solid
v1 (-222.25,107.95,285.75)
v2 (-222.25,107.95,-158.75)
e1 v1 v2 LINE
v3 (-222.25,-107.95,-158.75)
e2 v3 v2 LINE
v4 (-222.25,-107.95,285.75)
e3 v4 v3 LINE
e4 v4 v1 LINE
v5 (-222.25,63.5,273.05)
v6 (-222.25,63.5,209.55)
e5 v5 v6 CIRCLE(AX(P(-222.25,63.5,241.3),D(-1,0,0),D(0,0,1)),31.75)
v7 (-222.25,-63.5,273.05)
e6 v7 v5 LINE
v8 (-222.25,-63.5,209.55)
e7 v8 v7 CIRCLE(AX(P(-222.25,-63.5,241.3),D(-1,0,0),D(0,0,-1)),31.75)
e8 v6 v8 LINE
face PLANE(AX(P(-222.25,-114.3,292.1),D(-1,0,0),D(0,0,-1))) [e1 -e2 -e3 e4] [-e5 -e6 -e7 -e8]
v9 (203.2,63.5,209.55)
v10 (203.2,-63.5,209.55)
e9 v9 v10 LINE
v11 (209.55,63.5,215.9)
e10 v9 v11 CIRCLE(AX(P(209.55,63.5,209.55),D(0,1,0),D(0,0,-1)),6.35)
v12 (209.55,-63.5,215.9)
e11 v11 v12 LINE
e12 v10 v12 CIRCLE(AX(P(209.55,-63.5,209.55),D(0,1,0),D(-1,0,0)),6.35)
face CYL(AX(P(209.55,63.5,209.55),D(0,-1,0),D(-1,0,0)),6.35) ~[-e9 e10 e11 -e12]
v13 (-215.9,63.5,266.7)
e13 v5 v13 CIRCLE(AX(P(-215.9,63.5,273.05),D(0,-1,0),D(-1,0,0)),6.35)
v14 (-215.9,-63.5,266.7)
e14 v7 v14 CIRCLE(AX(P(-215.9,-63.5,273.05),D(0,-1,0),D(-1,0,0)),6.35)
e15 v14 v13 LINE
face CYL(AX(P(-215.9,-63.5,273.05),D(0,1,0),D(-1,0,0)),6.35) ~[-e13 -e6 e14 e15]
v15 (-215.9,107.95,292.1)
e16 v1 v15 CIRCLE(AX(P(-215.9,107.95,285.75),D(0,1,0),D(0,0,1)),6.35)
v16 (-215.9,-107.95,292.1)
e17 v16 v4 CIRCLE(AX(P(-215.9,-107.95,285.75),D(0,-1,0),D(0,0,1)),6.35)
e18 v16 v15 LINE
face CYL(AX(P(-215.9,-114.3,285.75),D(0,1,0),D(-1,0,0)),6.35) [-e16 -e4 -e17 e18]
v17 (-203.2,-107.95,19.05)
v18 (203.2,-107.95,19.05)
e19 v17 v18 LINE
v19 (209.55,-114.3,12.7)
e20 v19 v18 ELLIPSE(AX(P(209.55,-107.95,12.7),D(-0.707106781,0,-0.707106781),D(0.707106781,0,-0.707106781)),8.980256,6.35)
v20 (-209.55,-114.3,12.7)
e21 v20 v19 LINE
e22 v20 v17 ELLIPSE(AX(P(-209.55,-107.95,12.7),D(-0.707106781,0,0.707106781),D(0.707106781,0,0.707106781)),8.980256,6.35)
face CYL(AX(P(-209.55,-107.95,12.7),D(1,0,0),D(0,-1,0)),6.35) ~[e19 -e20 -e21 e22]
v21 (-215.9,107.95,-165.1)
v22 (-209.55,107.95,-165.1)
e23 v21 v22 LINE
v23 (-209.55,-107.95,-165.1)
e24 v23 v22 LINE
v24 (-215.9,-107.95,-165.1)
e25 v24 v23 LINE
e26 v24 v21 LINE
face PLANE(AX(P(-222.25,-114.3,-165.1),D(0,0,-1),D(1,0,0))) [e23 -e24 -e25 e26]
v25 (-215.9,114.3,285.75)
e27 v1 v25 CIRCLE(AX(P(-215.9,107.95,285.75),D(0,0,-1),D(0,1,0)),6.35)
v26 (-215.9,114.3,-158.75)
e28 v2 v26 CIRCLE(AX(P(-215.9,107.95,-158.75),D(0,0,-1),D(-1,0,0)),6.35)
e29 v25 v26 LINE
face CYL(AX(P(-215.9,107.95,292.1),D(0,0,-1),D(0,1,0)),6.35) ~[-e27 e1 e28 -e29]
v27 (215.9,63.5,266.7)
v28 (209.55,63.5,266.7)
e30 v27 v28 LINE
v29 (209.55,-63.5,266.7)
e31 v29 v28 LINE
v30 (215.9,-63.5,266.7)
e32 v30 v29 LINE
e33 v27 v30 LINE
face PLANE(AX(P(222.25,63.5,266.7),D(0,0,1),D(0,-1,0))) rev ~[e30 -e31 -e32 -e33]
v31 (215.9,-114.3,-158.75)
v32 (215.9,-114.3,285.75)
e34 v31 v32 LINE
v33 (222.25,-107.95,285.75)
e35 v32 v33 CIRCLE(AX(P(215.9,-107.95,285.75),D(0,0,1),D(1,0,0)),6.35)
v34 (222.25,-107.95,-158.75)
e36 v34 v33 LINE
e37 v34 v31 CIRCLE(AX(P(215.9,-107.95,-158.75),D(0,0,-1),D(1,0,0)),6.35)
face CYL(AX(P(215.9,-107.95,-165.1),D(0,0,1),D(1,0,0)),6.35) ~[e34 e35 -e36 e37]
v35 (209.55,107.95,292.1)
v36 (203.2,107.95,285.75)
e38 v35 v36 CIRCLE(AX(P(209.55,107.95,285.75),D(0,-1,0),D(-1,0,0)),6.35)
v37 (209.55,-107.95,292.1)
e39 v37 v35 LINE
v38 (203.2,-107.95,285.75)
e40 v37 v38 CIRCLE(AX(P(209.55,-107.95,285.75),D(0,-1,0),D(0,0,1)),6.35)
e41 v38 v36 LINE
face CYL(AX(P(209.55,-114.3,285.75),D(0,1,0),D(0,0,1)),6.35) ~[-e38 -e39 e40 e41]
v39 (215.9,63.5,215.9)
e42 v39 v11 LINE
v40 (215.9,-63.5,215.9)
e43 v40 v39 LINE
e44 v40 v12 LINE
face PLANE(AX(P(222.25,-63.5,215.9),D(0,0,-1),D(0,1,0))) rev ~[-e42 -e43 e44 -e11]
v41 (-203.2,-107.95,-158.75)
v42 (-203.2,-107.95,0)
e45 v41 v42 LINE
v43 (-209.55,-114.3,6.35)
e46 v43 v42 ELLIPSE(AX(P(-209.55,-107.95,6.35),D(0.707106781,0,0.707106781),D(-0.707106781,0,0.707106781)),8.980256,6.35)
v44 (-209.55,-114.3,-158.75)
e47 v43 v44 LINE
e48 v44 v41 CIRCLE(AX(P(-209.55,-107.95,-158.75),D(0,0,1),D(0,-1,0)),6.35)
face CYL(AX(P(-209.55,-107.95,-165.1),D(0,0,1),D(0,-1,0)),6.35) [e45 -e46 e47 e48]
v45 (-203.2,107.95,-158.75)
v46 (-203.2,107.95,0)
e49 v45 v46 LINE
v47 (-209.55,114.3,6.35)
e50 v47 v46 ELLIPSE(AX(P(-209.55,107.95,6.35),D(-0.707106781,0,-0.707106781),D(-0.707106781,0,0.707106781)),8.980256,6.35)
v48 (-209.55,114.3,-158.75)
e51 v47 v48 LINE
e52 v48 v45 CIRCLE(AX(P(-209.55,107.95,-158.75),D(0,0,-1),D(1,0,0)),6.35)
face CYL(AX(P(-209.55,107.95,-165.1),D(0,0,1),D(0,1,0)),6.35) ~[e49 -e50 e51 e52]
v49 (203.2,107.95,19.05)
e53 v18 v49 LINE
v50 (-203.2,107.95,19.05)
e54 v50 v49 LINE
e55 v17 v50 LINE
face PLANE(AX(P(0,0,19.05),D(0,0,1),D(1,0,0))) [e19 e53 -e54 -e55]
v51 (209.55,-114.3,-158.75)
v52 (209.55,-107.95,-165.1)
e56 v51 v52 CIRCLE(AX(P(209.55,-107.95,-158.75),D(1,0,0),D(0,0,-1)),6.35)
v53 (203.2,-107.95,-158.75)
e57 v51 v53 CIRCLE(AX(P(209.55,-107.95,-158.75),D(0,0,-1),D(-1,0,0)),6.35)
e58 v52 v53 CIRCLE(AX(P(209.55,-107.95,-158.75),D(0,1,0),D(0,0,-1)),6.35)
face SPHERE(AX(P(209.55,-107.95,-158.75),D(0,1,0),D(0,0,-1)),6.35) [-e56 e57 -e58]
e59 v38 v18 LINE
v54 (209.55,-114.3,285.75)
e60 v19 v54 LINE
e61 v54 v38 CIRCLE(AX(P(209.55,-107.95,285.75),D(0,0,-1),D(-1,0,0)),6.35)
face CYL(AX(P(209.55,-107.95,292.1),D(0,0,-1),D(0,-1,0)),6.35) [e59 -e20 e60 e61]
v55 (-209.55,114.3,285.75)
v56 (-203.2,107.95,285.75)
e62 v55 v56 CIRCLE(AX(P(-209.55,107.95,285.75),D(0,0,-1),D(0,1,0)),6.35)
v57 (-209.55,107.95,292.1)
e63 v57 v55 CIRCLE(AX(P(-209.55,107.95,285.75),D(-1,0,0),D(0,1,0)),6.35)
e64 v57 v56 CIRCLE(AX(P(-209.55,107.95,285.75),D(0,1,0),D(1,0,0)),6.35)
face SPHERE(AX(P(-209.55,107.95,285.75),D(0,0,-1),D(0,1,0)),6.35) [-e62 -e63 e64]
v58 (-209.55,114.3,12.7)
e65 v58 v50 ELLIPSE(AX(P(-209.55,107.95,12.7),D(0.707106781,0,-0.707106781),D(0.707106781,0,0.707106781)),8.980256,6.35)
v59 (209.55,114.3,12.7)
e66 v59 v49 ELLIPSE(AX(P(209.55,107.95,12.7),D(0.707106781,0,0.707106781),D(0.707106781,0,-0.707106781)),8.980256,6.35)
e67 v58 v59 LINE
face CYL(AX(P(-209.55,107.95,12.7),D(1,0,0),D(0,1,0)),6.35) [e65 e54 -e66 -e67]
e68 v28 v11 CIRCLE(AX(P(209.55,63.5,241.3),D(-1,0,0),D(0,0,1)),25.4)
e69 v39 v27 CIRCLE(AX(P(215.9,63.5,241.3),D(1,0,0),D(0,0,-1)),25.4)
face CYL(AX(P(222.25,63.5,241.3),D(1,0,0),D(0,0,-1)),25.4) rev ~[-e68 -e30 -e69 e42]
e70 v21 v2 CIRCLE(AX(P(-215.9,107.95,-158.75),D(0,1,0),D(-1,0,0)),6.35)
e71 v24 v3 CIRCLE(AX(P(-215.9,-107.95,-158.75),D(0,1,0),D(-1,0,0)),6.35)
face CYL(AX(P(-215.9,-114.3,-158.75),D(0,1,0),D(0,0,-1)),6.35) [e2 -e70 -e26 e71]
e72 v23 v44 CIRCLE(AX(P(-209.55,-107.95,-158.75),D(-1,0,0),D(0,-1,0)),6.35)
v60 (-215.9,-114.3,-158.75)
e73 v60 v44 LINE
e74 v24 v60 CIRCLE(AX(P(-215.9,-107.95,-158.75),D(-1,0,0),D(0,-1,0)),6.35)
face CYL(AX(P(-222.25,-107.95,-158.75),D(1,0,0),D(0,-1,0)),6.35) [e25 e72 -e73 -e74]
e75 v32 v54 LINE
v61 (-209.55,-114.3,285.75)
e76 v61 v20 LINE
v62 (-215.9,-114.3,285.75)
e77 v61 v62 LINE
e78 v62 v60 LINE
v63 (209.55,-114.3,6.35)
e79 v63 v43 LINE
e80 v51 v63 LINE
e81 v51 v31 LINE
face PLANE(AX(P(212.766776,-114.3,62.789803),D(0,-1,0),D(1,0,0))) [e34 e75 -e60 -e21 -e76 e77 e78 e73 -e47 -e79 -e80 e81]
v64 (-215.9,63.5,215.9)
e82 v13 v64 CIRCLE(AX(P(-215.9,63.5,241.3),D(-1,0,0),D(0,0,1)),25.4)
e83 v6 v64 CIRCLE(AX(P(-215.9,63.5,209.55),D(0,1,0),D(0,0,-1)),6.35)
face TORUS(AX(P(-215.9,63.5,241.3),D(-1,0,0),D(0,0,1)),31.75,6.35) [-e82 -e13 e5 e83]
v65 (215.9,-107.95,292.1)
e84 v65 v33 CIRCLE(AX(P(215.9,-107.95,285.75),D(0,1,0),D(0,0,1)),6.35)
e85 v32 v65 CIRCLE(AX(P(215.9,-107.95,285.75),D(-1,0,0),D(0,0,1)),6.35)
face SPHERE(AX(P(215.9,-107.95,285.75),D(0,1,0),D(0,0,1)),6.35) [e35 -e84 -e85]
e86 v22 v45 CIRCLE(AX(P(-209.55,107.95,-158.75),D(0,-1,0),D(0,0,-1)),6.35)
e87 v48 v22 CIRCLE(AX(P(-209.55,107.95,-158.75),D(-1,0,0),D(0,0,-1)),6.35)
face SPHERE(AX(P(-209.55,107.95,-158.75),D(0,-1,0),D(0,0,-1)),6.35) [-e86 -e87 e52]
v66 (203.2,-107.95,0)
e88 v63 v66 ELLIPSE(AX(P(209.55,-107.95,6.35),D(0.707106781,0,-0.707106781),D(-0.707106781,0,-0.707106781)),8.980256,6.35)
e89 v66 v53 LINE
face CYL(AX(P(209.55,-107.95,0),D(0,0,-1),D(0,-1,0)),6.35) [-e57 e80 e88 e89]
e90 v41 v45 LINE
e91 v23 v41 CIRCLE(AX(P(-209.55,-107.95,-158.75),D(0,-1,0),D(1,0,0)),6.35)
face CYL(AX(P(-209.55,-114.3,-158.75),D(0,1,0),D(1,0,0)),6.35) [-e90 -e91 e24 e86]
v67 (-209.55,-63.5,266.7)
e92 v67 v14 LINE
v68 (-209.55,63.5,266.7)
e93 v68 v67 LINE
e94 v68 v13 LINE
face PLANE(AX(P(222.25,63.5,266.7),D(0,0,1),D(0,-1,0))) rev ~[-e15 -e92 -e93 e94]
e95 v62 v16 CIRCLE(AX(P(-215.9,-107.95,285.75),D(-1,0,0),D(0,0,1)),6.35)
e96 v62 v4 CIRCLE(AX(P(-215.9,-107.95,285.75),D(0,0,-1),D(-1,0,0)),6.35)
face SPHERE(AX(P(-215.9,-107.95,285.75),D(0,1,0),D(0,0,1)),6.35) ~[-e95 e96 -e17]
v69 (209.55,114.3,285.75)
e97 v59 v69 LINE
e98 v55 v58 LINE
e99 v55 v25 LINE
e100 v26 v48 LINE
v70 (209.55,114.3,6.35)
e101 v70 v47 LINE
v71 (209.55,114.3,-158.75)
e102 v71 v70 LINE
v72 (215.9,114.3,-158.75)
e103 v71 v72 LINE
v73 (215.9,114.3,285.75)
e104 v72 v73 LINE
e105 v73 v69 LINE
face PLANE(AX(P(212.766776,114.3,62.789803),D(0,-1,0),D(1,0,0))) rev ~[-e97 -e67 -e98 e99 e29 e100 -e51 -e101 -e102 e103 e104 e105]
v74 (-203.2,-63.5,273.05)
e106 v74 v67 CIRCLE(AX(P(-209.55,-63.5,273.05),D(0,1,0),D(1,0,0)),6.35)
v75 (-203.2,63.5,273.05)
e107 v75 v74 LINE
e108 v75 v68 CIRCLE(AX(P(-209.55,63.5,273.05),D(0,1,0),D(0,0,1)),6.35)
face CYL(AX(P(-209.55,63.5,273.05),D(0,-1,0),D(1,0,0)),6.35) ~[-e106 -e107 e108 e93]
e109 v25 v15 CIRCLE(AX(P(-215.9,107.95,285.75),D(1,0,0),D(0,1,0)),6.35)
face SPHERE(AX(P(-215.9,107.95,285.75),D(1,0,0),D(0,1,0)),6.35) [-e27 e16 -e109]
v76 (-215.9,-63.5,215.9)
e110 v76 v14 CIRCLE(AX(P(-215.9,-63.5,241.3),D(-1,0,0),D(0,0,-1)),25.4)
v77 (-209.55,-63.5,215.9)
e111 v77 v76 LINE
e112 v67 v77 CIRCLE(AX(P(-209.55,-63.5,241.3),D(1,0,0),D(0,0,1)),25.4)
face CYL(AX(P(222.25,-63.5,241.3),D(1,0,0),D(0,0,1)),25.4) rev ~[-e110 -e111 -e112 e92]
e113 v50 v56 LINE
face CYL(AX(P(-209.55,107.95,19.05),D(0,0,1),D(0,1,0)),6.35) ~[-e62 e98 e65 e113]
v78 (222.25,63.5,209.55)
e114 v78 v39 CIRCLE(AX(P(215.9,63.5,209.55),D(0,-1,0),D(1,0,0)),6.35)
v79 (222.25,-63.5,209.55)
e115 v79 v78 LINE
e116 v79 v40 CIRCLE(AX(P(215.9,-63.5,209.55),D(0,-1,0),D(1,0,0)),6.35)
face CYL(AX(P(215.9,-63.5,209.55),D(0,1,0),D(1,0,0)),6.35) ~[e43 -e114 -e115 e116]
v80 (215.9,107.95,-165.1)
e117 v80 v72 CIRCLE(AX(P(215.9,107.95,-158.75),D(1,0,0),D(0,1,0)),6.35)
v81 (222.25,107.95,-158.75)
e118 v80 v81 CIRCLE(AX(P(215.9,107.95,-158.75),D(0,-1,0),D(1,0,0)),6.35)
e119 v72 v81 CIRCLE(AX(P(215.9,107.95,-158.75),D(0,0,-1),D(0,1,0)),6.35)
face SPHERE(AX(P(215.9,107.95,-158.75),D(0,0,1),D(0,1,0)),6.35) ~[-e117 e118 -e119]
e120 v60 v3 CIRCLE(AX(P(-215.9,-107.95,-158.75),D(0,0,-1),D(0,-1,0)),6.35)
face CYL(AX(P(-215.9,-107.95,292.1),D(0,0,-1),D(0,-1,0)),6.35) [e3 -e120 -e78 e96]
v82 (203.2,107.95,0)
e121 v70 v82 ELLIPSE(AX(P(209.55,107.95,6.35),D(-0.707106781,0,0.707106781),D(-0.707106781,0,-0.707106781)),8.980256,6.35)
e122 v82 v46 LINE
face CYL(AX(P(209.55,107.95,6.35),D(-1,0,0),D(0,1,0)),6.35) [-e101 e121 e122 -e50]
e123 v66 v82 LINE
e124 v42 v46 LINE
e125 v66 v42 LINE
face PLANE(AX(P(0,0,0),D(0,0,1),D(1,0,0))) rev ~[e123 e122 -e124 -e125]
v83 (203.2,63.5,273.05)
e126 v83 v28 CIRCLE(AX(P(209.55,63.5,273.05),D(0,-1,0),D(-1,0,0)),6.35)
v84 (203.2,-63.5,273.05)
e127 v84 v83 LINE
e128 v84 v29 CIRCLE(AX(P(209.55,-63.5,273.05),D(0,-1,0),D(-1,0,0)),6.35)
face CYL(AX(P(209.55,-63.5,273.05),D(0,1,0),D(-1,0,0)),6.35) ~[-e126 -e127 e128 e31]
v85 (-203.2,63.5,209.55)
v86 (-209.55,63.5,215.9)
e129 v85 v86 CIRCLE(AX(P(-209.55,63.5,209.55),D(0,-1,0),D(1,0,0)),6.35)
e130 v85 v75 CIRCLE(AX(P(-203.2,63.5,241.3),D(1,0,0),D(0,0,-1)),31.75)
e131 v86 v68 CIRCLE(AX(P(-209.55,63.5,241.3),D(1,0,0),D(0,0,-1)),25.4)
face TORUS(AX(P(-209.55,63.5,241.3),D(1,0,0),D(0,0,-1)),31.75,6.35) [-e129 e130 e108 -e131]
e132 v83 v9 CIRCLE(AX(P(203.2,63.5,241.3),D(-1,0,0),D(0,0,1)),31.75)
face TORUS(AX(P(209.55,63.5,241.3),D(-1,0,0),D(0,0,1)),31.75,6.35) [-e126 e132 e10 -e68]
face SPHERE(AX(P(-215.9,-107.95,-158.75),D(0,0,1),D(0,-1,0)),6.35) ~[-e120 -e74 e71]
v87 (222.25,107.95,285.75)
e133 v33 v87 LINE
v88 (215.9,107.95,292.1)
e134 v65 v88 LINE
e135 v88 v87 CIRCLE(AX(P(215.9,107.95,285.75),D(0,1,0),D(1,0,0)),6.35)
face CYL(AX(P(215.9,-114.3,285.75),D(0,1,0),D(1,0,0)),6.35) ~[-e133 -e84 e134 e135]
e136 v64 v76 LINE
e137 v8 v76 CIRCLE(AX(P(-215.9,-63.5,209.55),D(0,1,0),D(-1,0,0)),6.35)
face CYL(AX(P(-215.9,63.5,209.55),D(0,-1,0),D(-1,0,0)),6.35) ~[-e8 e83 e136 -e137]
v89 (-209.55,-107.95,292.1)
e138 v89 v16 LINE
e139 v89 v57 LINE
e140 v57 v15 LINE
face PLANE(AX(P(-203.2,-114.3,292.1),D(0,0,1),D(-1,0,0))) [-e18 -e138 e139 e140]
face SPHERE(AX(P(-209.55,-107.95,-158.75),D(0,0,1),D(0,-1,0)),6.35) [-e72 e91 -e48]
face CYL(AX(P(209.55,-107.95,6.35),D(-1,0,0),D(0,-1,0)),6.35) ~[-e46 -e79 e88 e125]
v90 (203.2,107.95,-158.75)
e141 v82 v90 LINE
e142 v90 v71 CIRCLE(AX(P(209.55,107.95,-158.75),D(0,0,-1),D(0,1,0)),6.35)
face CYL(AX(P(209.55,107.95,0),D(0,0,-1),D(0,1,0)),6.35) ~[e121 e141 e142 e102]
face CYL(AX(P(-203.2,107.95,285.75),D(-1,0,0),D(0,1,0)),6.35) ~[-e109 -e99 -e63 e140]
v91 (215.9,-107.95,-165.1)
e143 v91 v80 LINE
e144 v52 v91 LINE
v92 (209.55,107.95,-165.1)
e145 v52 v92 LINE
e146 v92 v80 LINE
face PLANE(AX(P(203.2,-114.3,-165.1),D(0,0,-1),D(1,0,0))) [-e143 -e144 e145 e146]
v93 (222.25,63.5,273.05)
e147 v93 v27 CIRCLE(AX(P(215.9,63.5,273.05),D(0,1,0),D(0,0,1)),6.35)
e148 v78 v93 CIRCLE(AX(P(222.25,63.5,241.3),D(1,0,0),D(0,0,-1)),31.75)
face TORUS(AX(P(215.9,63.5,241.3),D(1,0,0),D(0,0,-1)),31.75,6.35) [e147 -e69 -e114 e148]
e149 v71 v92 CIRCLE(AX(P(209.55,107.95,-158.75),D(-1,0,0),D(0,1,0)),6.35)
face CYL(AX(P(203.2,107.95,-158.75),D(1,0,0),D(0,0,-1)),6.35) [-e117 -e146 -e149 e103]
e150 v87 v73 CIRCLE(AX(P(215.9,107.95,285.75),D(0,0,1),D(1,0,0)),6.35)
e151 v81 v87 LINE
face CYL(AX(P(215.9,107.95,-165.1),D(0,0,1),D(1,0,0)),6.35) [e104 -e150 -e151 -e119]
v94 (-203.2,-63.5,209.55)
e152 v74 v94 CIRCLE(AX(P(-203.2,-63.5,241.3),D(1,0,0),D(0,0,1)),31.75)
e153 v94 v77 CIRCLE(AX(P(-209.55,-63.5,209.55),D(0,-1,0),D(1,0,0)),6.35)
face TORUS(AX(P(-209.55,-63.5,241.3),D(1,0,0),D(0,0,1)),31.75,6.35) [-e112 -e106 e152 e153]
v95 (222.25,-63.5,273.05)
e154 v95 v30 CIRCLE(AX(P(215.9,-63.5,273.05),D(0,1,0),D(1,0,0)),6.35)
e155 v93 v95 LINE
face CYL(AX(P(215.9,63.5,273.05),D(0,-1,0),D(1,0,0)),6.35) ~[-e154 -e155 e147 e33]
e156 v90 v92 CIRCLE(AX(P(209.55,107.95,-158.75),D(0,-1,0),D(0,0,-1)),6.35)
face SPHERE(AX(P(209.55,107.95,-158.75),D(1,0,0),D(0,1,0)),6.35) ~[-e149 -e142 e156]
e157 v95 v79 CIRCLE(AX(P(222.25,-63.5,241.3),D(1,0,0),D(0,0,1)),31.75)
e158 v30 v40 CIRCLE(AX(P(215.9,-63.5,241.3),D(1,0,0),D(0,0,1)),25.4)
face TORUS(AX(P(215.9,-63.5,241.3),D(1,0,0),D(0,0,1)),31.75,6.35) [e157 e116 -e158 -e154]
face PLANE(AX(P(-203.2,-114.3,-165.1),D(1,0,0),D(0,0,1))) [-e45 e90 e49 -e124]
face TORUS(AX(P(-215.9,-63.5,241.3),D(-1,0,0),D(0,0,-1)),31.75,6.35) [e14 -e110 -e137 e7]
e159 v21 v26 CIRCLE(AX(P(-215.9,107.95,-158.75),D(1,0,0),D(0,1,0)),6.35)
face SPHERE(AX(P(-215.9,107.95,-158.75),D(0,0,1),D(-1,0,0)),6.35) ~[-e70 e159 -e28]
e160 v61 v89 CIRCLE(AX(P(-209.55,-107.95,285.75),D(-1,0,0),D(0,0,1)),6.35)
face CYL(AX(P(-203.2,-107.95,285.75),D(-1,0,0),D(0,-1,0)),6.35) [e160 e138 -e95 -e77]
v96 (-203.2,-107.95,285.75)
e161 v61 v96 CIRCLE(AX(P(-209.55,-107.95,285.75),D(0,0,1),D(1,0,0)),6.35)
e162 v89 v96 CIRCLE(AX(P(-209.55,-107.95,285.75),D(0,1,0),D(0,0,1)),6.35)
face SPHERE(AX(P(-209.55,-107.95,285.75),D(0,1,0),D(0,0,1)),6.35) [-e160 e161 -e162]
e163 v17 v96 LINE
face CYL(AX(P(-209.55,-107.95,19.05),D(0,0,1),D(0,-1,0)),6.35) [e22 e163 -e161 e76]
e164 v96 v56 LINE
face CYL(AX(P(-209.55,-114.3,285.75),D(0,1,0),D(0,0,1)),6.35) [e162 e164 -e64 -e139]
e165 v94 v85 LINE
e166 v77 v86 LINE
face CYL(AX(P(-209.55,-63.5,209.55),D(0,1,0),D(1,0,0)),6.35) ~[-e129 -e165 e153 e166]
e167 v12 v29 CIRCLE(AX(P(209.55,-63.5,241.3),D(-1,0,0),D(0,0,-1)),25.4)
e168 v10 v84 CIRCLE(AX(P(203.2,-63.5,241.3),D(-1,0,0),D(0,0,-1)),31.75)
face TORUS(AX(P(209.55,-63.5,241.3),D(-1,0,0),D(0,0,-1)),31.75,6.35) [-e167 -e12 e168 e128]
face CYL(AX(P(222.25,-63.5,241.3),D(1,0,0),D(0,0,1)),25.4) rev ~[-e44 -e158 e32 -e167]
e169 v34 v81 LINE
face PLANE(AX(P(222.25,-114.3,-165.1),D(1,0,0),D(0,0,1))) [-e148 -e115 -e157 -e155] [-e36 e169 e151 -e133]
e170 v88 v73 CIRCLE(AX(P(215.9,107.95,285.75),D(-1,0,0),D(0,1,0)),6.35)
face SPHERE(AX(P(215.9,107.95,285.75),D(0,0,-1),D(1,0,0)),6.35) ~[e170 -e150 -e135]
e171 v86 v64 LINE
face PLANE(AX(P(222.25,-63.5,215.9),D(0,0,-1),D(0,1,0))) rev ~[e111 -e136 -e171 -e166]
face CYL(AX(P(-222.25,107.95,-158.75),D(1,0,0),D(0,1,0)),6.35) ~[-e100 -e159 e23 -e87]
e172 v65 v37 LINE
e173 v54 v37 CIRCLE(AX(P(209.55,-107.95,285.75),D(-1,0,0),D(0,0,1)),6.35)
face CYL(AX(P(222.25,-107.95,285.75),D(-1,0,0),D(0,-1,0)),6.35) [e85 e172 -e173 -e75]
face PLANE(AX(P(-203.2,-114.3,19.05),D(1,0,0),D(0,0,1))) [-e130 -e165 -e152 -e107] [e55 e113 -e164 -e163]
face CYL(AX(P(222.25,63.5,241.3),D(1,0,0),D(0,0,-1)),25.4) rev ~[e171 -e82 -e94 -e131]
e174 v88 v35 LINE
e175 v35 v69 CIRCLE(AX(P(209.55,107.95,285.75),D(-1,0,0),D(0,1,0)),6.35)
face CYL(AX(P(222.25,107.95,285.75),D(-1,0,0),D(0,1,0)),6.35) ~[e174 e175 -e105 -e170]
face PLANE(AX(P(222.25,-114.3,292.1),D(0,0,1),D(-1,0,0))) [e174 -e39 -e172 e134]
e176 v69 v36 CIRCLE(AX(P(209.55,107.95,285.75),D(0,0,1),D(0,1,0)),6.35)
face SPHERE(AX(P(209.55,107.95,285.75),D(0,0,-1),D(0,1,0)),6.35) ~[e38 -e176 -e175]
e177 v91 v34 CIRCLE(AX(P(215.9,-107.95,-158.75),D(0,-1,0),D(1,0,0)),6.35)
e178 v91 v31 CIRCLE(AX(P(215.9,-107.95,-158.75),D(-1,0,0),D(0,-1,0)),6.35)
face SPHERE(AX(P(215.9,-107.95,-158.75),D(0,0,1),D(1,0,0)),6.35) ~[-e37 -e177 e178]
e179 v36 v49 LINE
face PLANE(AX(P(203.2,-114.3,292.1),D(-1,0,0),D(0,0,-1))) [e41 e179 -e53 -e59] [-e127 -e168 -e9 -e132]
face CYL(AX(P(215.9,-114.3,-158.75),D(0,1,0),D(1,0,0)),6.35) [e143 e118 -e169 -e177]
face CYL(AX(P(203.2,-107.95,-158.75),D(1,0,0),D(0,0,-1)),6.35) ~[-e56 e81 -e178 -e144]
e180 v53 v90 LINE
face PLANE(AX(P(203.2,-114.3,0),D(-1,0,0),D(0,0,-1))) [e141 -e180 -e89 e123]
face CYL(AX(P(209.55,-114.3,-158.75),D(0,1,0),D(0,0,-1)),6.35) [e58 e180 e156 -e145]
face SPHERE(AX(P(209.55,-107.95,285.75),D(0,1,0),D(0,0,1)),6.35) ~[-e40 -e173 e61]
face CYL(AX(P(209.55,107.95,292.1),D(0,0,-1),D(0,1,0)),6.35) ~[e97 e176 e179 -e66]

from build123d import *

# Parameters (mm, degrees)
F0_W     = 419.1
F0_H     = 228.6
F1_DEPTH = 19.05
F3_DEPTH = 228.6
F5_DEPTH = 444.501
F6_R     = 6.35
F7_R     = 6.35
F8_R     = 6.35
F9_R     = 6.35


with BuildPart() as f1:
    # F0 (on Top) → F1 (new body)
    with BuildSketch(Plane.XY):
        Rectangle(F0_W, F0_H)
    extrude(amount=F1_DEPTH)

    # F2 (on face) → F3 (join, through all)
    with BuildSketch(Plane.XZ.offset(114.3)):
        Polygon((203.2, 0), (203.2, -165.1), (222.25, -165.1), (222.25, 292.1), (203.2, 292.1), (203.2, 19.05), (209.55, 19.05), (209.55, 0), align=None)
        Polygon((-203.2, 19.05), (-203.2, 292.1), (-222.25, 292.1), (-222.25, -165.1), (-203.2, -165.1), (-203.2, 0), (-209.55, 0), (-209.55, 19.05), align=None)
    extrude(amount=-F3_DEPTH)

    # F4 (on face) → F5 (cut, through all)
    with BuildSketch(Plane.YZ.offset(222.25)):
        with BuildLine():
            Line((63.5, 266.7), (-63.5, 266.7))
            ThreePointArc((-63.5, 266.7), (-88.9, 241.3), (-63.5, 215.9))
            Line((-63.5, 215.9), (63.5, 215.9))
            ThreePointArc((63.5, 215.9), (88.9, 241.3), (63.5, 266.7))
        make_face()
    extrude(amount=-F5_DEPTH, mode=Mode.SUBTRACT)

    # F6
    f6_edges = [f1.edges().sort_by_distance(p)[0] for p in [
        (222.25, 0, 215.9),
        (-203.2, 0, 215.9),
        (203.2, 0, 266.7),
        (-222.25, 0, 266.7),
    ]]
    fillet(f6_edges, radius=F6_R)

    # F7
    f7_edges = [f1.edges().sort_by_distance(p)[0] for p in [
        (222.25, 114.3, 63.5),
        (203.2, 114.3, 155.575),
        (222.25, 0, 292.1),
        (212.725, 114.3, 292.1),
        (203.2, 0, 292.1),
        (212.725, -114.3, 292.1),
        (222.25, -114.3, 63.5),
        (203.2, -114.3, 155.575),
        (212.725, 114.3, -165.1),
        (203.2, 114.3, -82.55),
        (203.2, 0, -165.1),
        (222.25, 0, -165.1),
        (212.725, -114.3, -165.1),
        (203.2, -114.3, -82.55),
    ]]
    fillet(f7_edges, radius=F7_R)

    # F8
    f8_edges = [f1.edges().sort_by_distance(p)[0] for p in [
        (-203.2, 114.3, 155.575),
        (-212.725, 114.3, 292.1),
        (-222.25, 114.3, 63.5),
        (-203.2, 0, 292.1),
        (-222.25, 0, 292.1),
        (-212.725, -114.3, 292.1),
        (-203.2, -114.3, 155.575),
        (-222.25, -114.3, 63.5),
        (-203.2, -114.3, -82.55),
        (-212.725, -114.3, -165.1),
        (-203.2, 0, -165.1),
        (-222.25, 0, -165.1),
        (-212.725, 114.3, -165.1),
        (-203.2, 114.3, -82.55),
    ]]
    fillet(f8_edges, radius=F8_R)

    # F9
    f9_edges = [f1.edges().sort_by_distance(p)[0] for p in [
        (0, 114.3, 19.05),
        (0, 114.3, 0),
        (0, -114.3, 19.05),
        (0, -114.3, 0),
    ]]
    fillet(f9_edges, radius=F9_R)


solid = f1.part
